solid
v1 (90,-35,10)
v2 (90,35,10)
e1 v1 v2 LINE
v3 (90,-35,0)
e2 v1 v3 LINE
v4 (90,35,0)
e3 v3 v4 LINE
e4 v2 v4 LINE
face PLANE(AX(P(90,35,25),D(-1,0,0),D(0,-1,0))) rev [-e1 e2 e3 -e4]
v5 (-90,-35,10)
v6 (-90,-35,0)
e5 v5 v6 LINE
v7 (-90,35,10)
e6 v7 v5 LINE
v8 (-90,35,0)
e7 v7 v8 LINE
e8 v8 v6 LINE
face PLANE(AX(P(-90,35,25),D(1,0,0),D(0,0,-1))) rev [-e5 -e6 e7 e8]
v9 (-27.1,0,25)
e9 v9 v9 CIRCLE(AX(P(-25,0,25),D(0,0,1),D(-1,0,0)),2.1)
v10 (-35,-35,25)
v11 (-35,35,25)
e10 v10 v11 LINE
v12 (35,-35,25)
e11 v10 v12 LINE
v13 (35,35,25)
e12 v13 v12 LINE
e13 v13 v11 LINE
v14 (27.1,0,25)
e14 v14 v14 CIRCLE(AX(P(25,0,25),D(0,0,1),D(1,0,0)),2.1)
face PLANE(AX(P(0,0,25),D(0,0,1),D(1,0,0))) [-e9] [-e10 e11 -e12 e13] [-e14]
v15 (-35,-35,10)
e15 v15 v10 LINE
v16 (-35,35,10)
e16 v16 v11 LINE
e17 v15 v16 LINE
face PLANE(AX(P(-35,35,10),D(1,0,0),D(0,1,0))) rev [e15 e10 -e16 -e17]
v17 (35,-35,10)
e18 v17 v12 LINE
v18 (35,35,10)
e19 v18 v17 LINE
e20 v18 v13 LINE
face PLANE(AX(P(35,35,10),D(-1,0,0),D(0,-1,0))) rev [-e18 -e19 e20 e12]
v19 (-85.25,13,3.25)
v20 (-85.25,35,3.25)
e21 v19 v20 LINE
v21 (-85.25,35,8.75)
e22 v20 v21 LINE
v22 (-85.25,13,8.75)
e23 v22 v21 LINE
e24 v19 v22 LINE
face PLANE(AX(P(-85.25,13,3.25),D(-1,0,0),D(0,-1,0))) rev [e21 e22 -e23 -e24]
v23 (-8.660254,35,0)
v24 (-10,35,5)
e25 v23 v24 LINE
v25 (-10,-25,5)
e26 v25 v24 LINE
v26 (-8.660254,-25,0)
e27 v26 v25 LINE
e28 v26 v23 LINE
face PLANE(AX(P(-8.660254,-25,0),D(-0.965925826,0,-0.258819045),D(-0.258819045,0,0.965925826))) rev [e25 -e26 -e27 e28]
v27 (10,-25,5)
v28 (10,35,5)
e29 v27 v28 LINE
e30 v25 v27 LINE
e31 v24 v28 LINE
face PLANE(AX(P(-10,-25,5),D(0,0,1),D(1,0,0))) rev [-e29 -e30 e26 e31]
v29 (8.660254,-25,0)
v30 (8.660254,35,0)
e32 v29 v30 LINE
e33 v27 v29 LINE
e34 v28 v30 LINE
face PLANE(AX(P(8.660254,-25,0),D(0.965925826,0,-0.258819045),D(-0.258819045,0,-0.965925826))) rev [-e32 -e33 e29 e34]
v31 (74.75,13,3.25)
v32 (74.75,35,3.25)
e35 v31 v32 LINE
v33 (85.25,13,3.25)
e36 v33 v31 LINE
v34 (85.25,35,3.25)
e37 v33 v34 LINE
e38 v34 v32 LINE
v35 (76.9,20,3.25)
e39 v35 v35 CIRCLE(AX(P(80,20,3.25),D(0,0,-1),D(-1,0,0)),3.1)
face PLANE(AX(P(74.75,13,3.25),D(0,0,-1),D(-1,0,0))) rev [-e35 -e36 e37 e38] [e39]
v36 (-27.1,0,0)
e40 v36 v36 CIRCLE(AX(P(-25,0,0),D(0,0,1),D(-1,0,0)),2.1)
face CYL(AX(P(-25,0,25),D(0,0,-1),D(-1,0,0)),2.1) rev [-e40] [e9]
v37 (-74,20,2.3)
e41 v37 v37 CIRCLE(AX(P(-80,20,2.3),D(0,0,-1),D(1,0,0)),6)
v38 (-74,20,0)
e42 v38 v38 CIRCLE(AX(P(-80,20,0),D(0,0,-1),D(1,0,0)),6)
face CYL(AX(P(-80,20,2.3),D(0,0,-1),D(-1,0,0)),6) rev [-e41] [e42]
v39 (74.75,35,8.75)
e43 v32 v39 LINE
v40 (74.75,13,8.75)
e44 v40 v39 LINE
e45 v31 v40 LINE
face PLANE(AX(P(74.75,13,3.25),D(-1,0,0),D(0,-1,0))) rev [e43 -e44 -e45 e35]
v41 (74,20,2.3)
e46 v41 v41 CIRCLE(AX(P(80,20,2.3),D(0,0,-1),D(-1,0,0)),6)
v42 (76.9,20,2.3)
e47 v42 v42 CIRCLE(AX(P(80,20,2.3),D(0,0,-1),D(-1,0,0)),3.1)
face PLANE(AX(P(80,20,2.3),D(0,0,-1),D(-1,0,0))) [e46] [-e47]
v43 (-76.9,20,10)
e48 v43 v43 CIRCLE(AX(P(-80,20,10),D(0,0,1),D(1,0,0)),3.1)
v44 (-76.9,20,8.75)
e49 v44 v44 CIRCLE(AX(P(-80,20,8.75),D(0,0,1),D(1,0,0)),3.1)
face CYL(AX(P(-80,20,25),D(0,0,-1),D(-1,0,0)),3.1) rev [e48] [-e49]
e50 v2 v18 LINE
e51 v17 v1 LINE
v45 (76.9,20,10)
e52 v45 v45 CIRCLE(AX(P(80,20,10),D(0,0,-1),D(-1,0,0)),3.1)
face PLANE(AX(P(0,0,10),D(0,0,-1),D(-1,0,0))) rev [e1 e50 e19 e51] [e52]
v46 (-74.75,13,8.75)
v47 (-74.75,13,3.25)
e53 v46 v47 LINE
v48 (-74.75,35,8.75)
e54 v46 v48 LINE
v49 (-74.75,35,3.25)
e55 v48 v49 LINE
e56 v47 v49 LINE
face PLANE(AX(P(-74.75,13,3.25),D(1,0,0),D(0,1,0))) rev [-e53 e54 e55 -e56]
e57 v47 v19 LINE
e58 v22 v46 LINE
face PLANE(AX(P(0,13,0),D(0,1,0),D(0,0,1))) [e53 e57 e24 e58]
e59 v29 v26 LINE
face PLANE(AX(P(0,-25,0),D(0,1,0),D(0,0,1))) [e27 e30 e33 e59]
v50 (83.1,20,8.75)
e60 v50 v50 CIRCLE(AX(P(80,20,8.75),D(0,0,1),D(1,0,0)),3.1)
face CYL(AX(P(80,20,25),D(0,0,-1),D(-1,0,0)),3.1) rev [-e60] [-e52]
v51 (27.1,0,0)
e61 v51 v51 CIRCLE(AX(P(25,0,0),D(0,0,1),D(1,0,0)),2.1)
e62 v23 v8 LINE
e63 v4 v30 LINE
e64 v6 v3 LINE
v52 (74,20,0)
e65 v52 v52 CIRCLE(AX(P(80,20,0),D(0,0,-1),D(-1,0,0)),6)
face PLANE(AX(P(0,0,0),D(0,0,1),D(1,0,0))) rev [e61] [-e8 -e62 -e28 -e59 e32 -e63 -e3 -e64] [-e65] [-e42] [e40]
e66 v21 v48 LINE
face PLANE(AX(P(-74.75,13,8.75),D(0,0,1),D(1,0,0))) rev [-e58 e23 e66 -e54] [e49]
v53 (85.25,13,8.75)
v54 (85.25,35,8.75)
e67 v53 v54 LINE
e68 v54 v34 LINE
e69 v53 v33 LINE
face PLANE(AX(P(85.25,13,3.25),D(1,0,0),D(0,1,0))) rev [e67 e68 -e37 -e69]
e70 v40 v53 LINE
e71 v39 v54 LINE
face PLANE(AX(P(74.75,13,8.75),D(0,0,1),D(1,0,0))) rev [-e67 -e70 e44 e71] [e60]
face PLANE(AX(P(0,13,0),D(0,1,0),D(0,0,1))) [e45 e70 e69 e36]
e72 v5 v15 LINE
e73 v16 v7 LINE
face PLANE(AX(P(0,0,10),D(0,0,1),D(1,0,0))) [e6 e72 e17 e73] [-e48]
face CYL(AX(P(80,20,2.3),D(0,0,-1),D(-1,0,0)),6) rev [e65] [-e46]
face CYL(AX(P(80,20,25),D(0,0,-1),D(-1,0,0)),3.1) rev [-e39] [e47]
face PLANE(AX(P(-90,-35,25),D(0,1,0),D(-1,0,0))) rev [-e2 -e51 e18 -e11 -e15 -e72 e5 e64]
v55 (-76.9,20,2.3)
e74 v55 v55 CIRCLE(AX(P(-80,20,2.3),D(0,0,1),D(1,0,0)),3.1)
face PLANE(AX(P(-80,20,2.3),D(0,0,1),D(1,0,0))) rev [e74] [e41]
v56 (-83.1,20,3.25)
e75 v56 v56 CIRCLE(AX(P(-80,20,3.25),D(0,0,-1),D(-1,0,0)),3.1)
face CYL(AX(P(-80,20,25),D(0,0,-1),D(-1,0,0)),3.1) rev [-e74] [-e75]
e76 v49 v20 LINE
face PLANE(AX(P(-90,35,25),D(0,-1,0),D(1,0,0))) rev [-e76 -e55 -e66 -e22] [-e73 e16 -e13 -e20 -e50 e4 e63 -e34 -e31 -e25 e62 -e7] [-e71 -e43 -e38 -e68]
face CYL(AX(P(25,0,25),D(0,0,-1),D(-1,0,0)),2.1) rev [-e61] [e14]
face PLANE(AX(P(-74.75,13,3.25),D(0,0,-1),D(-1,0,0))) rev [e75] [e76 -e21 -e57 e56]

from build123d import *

# Parameters (mm, degrees)
SKIZZE1_W                       = 180
SKIZZE1_H                       = 70
SKIZZE1_R                       = 2.1
SKIZZE1_R_2                     = 3.1
AUFSATZ_LINEAR_AUSTRAGEN2_DEPTH = 25
SKIZZE4_W                       = 55
SKIZZE4_H                       = 70
SCHNITT_LINEAR_AUSTRAGEN1_DEPTH = 15
SKIZZE5_W                       = 10.5
SKIZZE5_H                       = 5.5
SCHNITT_LINEAR_AUSTRAGEN2_DEPTH = 22
SKIZZE6_R                       = 6
SCHNITT_LINEAR_AUSTRAGEN3_DEPTH = 2.3
SCHNITT_LINEAR_AUSTRAGEN4_DEPTH = 60


with BuildPart() as part:
    # Skizze1 → Aufsatz-Linear austragen2 (new body)
    with BuildSketch(Plane.XY):
        Rectangle(SKIZZE1_W, SKIZZE1_H)
        with Locations((25, 0)):
            Circle(SKIZZE1_R, mode=Mode.SUBTRACT)
        with Locations(Location((-25, 0, 0), (0, 0, 180))):
            Circle(SKIZZE1_R, mode=Mode.SUBTRACT)
        with Locations((80, 20)):
            Circle(SKIZZE1_R_2, mode=Mode.SUBTRACT)
        with Locations(Location((-80, 20, 0), (0, 0, 180))):
            Circle(SKIZZE1_R_2, mode=Mode.SUBTRACT)
    extrude(amount=AUFSATZ_LINEAR_AUSTRAGEN2_DEPTH)

    # Skizze4 → Schnitt-Linear austragen1 (cut)
    with BuildSketch(Plane.XY.offset(25)):
        with Locations((62.5, 0)):
            Rectangle(SKIZZE4_W, SKIZZE4_H)
        with Locations((-62.5, 0)):
            Rectangle(SKIZZE4_W, SKIZZE4_H)
    extrude(amount=-SCHNITT_LINEAR_AUSTRAGEN1_DEPTH, mode=Mode.SUBTRACT)

    # Skizze5 → Schnitt-Linear austragen2 (cut)
    with BuildSketch(Plane(origin=(0, 35, 0), x_dir=(1, 0, 0), z_dir=(0, 1, 0))):
        with Locations((80, -6)):
            Rectangle(SKIZZE5_W, SKIZZE5_H)
        with Locations((-80, -6)):
            Rectangle(SKIZZE5_W, SKIZZE5_H)
    extrude(amount=-SCHNITT_LINEAR_AUSTRAGEN2_DEPTH, mode=Mode.SUBTRACT)

    # Skizze6 → Schnitt-Linear austragen3 (cut)
    with BuildSketch(Plane(origin=(0, 0, 0), x_dir=(-1, 0, 0), z_dir=(0, 0, -1))):
        with Locations((-80, 20)):
            Circle(SKIZZE6_R)
        with Locations(Location((80, 20, 0), (0, 0, 180))):
            Circle(SKIZZE6_R)
    extrude(amount=-SCHNITT_LINEAR_AUSTRAGEN3_DEPTH, mode=Mode.SUBTRACT)

    # Skizze7 → Schnitt-Linear austragen4 (cut)
    with BuildSketch(Plane(origin=(0, 35, 0), x_dir=(1, 0, 0), z_dir=(0, 1, 0))):
        Polygon((8.660254038, 0), (-8.660254038, 0), (-10, -5), (10, -5), align=None)
    extrude(amount=-SCHNITT_LINEAR_AUSTRAGEN4_DEPTH, mode=Mode.SUBTRACT)


solid = part.part
